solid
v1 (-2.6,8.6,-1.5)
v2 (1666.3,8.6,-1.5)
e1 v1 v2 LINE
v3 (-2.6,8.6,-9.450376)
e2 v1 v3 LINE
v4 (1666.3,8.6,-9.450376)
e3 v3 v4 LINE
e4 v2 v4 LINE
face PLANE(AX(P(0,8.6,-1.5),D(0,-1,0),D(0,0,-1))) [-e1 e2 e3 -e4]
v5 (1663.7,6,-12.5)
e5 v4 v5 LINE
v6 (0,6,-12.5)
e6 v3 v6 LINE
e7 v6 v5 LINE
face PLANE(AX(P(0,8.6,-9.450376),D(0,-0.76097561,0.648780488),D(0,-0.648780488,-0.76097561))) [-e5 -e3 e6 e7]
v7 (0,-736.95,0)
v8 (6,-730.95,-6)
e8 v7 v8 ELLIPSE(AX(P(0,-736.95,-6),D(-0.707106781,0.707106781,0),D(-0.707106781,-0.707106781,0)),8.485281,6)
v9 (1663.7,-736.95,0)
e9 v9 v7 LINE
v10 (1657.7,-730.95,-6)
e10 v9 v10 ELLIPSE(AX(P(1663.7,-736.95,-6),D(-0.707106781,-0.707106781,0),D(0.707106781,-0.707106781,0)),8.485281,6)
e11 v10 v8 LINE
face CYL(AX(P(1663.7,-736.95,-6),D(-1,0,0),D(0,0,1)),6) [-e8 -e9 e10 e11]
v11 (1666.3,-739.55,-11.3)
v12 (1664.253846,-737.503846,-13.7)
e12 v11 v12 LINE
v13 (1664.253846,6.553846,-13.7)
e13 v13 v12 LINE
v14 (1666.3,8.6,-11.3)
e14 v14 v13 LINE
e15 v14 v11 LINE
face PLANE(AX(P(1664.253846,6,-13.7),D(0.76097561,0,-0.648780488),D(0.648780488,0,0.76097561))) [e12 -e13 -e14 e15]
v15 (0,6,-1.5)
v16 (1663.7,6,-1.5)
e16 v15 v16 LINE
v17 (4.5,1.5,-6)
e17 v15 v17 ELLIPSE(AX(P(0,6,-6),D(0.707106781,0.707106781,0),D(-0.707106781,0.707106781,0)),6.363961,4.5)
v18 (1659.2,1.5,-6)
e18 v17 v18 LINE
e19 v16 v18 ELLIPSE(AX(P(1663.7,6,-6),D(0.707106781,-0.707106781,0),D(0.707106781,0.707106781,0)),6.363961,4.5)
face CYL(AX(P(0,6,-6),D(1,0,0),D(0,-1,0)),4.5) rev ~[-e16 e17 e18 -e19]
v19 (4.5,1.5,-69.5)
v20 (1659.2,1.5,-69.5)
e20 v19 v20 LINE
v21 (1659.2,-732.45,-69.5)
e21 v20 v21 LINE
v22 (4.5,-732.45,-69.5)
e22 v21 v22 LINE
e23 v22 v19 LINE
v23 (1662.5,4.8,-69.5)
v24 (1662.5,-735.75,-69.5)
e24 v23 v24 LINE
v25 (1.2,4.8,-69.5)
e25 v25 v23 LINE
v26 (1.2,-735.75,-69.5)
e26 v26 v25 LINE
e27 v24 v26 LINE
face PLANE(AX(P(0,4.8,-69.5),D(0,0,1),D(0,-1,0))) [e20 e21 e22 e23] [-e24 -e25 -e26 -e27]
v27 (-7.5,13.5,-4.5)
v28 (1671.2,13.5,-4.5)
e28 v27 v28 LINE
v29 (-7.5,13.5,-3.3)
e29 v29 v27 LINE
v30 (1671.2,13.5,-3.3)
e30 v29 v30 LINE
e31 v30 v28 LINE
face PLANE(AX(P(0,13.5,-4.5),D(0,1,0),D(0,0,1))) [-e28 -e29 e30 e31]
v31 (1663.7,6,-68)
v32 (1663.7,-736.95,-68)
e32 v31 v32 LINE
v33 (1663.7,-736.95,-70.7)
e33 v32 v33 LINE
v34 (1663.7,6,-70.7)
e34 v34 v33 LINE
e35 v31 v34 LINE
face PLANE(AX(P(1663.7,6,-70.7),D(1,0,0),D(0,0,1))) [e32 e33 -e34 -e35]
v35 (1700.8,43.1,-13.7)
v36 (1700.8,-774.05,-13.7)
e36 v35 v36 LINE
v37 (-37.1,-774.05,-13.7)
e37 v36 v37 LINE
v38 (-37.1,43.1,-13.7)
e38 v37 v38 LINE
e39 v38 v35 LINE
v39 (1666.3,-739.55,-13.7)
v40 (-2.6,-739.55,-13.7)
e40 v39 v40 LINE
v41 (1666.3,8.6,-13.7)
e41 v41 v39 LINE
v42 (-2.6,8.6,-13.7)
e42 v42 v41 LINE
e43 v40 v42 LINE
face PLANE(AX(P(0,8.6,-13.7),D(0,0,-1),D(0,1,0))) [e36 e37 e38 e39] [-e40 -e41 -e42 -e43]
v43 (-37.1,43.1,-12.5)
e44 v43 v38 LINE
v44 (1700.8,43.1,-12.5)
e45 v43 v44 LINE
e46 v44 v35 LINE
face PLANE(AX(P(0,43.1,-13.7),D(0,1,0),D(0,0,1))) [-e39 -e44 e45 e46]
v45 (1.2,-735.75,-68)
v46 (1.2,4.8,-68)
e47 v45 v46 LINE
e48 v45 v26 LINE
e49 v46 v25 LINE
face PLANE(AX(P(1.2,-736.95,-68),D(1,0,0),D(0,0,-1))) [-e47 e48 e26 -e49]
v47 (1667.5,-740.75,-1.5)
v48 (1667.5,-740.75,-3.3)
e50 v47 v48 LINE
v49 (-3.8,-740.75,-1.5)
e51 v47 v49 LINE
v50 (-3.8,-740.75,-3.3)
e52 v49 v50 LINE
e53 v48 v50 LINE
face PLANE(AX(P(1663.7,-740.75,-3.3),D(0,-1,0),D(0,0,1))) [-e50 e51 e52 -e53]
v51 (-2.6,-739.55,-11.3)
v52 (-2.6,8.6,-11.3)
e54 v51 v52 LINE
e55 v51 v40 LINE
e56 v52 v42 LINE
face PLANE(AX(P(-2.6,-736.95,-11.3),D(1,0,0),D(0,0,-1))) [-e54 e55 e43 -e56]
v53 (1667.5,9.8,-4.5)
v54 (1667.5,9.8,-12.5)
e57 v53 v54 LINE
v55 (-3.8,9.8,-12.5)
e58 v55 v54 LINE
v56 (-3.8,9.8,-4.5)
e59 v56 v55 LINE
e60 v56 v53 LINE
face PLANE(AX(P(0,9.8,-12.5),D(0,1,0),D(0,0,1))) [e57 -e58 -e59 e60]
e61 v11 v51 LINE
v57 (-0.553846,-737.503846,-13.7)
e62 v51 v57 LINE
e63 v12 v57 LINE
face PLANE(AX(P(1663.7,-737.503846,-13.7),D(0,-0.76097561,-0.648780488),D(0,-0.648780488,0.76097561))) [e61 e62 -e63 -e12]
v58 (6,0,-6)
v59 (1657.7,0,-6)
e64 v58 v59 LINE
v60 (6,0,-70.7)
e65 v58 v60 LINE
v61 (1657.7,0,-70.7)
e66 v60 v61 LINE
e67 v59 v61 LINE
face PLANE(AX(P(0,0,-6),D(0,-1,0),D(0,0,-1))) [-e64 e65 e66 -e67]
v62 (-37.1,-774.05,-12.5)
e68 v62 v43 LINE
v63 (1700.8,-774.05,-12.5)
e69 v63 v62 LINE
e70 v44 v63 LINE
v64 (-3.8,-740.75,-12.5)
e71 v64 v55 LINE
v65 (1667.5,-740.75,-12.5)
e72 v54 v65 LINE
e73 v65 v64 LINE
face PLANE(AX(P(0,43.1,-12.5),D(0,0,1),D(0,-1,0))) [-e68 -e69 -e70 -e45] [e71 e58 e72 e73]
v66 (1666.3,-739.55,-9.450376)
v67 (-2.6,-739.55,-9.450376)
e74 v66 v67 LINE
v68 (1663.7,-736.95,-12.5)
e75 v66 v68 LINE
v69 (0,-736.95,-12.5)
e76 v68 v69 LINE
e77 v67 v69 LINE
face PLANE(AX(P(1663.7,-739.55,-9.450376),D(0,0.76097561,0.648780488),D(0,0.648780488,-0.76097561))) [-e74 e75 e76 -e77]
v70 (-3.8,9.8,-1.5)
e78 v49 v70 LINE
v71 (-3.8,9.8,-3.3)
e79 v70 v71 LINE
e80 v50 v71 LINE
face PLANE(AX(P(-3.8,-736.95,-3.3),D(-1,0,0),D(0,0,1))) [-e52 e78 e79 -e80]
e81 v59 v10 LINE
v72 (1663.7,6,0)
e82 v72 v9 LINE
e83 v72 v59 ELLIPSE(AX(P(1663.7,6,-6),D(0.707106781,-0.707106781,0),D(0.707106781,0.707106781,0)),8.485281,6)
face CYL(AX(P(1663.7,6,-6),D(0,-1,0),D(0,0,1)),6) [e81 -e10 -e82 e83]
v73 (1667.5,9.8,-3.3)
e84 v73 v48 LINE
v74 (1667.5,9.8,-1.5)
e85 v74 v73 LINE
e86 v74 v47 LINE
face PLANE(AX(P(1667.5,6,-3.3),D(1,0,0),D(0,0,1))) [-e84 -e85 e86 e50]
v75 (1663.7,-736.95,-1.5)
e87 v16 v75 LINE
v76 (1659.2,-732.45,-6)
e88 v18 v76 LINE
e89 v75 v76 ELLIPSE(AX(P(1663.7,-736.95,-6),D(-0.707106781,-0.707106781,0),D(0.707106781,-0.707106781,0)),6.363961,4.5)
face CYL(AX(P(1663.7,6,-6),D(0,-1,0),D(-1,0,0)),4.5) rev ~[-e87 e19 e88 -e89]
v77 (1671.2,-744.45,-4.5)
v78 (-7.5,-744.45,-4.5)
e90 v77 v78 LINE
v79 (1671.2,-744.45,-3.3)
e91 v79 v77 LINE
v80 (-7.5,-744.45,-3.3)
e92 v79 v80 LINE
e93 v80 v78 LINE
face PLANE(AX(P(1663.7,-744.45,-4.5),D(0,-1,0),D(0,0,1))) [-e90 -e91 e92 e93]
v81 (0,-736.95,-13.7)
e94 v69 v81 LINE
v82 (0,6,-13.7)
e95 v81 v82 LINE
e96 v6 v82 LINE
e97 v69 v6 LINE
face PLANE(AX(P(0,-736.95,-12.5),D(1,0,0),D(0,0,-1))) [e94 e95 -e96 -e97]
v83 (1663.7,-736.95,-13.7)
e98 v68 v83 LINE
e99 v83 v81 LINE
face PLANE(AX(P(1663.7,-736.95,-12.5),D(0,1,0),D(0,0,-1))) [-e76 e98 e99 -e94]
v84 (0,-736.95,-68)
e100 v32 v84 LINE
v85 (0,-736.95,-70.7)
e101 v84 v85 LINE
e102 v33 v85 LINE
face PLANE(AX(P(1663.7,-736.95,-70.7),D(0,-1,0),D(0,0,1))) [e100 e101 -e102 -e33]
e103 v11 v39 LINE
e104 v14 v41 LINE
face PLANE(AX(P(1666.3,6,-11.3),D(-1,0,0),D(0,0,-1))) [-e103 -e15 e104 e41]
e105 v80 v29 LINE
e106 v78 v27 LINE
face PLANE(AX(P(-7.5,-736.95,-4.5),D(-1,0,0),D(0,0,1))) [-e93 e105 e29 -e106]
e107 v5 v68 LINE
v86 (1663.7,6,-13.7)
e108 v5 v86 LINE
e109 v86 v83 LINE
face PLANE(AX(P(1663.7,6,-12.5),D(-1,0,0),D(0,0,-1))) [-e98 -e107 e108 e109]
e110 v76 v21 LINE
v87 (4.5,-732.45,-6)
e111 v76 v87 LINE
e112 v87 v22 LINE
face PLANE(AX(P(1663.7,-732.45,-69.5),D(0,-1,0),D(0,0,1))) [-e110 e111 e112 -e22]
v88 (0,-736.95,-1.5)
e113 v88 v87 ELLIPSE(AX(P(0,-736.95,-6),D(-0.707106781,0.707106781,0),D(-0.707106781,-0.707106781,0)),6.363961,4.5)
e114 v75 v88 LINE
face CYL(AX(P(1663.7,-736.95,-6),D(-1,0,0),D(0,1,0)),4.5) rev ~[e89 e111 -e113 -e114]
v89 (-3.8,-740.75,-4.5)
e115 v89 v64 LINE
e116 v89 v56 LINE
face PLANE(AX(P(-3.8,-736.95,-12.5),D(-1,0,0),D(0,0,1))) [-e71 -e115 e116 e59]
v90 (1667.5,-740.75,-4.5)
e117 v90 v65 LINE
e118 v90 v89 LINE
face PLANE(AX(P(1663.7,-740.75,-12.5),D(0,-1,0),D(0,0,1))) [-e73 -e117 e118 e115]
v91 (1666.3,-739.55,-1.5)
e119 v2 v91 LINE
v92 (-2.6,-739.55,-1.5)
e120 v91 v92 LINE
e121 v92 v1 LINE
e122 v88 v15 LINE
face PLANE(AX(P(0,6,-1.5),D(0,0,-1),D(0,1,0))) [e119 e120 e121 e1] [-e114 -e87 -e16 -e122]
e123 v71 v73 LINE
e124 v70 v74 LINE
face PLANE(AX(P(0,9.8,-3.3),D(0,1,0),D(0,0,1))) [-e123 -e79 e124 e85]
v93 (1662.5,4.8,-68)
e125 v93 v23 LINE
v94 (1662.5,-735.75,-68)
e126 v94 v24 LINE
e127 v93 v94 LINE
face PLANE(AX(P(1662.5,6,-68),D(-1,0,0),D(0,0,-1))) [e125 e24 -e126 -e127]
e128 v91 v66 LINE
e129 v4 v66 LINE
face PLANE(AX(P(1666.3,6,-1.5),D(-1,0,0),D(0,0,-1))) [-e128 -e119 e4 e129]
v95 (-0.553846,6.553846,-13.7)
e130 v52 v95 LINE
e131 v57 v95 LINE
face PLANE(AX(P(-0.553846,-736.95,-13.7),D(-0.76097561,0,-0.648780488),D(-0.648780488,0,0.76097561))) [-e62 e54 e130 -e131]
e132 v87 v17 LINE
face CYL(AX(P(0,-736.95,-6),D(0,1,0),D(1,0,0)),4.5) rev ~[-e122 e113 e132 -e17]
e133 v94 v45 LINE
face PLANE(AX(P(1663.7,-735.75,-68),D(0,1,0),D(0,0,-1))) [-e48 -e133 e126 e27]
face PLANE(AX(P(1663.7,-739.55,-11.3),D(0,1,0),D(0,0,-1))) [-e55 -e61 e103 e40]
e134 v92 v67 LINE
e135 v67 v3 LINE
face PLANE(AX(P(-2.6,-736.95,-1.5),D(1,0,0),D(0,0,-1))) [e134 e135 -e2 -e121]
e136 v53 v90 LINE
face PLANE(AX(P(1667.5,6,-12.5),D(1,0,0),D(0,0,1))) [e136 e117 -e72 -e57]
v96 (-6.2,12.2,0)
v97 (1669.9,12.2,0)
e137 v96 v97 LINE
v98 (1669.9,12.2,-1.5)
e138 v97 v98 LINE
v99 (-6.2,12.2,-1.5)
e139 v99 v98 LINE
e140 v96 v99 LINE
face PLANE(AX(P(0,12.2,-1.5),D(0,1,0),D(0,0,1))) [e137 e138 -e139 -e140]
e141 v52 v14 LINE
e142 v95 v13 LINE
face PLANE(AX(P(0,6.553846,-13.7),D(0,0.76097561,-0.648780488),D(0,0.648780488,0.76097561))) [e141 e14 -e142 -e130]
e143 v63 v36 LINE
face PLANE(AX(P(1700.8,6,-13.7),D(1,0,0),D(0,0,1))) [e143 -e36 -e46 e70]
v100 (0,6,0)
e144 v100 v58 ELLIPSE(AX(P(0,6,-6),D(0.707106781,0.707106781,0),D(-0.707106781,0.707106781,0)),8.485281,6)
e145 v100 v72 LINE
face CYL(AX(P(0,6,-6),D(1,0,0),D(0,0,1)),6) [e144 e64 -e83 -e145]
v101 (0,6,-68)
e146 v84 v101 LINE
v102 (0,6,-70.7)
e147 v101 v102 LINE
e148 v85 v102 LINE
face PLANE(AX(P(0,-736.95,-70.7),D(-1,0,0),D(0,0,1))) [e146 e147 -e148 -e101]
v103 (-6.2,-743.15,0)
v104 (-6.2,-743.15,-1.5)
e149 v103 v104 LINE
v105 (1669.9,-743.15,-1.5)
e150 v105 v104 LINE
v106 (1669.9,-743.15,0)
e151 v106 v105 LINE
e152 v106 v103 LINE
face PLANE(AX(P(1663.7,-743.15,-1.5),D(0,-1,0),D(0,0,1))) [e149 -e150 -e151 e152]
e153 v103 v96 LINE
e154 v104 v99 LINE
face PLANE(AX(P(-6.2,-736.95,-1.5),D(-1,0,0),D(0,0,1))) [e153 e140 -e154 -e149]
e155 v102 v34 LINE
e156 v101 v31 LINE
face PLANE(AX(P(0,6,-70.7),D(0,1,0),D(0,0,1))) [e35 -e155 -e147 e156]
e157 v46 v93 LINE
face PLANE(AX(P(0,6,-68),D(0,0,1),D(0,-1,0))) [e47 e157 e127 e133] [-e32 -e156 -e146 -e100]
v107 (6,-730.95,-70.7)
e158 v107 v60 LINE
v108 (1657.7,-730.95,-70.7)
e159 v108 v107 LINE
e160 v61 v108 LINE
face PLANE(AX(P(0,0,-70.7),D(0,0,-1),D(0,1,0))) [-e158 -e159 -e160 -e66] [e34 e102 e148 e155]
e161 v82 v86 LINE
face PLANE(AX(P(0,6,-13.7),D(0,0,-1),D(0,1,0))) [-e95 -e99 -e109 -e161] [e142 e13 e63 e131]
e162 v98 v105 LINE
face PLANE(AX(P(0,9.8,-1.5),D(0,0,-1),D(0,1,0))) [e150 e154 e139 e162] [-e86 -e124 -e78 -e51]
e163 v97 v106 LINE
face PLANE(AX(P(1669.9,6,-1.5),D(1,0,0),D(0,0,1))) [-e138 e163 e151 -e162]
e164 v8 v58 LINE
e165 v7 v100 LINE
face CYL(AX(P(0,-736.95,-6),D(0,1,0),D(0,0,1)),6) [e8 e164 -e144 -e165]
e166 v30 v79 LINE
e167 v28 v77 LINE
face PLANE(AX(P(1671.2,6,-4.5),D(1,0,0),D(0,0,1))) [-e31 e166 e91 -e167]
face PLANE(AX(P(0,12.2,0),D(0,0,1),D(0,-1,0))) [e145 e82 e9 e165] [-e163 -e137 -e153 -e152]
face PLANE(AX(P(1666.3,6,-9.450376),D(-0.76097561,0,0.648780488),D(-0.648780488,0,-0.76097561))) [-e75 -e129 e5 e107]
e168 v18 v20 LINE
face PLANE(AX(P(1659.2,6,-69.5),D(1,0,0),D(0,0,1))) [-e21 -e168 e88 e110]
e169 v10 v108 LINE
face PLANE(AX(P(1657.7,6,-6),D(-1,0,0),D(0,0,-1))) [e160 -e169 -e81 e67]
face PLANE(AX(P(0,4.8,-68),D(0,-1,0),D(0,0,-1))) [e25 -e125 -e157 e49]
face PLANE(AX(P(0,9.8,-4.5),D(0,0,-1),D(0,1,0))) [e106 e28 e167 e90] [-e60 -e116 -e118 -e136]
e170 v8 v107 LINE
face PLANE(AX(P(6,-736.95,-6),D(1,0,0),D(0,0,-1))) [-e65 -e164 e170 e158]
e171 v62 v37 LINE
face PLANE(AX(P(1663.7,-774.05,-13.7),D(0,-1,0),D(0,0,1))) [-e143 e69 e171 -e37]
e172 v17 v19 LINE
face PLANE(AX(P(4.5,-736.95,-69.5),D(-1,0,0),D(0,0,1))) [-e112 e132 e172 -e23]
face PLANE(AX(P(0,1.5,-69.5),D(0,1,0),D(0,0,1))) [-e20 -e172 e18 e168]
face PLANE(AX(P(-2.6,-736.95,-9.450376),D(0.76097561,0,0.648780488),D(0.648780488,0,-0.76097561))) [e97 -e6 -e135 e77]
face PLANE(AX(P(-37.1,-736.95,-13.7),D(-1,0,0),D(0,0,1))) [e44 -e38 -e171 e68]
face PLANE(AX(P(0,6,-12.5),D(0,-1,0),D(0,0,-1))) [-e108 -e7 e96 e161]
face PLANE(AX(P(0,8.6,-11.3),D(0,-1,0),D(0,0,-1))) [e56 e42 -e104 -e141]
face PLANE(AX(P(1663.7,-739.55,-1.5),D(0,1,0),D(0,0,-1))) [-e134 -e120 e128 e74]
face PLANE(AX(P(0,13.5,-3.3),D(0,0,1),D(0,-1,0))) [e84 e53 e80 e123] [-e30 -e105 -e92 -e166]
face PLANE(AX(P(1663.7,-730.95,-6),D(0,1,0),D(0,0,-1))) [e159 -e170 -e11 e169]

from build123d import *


with BuildPart() as f2:
    # F2: sweep along a path in F1
    with BuildLine(Plane.XY) as f2_path:
        Line((0, 6), (1663.7, 6))
        Line((1663.7, 6), (1663.7, -736.95))
        Line((1663.7, -736.95), (0, -736.95))
        Line((0, -736.95), (0, 6))
    # F0 (on Right) → F2 (sweep)
    with BuildSketch(Plane.YZ):
        with BuildLine():
            Line((0, -6), (0, -70.7))
            Line((0, -70.7), (6, -70.7))
            Line((6, -70.7), (6, -68))
            Line((6, -68), (4.8, -68))
            Line((4.8, -68), (4.8, -69.5))
            Line((4.8, -69.5), (1.5, -69.5))
            Line((1.5, -69.5), (1.5, -6))
            ThreePointArc((1.5, -6), (2.8180194847, -2.8180194847), (6, -1.5))
            Line((6, -1.5), (8.6, -1.5))
            Line((8.6, -1.5), (8.6, -9.4503759398))
            Line((8.6, -9.4503759398), (6, -12.5))
            Line((6, -12.5), (6, -13.7))
            Line((6, -13.7), (6.5538461538, -13.7))
            Line((6.5538461538, -13.7), (8.6, -11.3))
            Line((8.6, -11.3), (8.6, -13.7))
            Line((8.6, -13.7), (43.1, -13.7))
            Line((43.1, -13.7), (43.1, -12.5))
            Line((43.1, -12.5), (9.8, -12.5))
            Line((9.8, -12.5), (9.8, -4.5))
            Line((9.8, -4.5), (13.5, -4.5))
            Line((13.5, -4.5), (13.5, -3.3))
            Line((13.5, -3.3), (9.8, -3.3))
            Line((9.8, -3.3), (9.8, -1.5))
            Line((9.8, -1.5), (12.2, -1.5))
            Line((12.2, -1.5), (12.2, 0))
            Line((12.2, 0), (6, 0))
            ThreePointArc((6, 0), (1.7573593129, -1.7573593129), (0, -6))
        make_face()
    sweep(path=f2_path.line, transition=Transition.RIGHT)


solid = f2.part
